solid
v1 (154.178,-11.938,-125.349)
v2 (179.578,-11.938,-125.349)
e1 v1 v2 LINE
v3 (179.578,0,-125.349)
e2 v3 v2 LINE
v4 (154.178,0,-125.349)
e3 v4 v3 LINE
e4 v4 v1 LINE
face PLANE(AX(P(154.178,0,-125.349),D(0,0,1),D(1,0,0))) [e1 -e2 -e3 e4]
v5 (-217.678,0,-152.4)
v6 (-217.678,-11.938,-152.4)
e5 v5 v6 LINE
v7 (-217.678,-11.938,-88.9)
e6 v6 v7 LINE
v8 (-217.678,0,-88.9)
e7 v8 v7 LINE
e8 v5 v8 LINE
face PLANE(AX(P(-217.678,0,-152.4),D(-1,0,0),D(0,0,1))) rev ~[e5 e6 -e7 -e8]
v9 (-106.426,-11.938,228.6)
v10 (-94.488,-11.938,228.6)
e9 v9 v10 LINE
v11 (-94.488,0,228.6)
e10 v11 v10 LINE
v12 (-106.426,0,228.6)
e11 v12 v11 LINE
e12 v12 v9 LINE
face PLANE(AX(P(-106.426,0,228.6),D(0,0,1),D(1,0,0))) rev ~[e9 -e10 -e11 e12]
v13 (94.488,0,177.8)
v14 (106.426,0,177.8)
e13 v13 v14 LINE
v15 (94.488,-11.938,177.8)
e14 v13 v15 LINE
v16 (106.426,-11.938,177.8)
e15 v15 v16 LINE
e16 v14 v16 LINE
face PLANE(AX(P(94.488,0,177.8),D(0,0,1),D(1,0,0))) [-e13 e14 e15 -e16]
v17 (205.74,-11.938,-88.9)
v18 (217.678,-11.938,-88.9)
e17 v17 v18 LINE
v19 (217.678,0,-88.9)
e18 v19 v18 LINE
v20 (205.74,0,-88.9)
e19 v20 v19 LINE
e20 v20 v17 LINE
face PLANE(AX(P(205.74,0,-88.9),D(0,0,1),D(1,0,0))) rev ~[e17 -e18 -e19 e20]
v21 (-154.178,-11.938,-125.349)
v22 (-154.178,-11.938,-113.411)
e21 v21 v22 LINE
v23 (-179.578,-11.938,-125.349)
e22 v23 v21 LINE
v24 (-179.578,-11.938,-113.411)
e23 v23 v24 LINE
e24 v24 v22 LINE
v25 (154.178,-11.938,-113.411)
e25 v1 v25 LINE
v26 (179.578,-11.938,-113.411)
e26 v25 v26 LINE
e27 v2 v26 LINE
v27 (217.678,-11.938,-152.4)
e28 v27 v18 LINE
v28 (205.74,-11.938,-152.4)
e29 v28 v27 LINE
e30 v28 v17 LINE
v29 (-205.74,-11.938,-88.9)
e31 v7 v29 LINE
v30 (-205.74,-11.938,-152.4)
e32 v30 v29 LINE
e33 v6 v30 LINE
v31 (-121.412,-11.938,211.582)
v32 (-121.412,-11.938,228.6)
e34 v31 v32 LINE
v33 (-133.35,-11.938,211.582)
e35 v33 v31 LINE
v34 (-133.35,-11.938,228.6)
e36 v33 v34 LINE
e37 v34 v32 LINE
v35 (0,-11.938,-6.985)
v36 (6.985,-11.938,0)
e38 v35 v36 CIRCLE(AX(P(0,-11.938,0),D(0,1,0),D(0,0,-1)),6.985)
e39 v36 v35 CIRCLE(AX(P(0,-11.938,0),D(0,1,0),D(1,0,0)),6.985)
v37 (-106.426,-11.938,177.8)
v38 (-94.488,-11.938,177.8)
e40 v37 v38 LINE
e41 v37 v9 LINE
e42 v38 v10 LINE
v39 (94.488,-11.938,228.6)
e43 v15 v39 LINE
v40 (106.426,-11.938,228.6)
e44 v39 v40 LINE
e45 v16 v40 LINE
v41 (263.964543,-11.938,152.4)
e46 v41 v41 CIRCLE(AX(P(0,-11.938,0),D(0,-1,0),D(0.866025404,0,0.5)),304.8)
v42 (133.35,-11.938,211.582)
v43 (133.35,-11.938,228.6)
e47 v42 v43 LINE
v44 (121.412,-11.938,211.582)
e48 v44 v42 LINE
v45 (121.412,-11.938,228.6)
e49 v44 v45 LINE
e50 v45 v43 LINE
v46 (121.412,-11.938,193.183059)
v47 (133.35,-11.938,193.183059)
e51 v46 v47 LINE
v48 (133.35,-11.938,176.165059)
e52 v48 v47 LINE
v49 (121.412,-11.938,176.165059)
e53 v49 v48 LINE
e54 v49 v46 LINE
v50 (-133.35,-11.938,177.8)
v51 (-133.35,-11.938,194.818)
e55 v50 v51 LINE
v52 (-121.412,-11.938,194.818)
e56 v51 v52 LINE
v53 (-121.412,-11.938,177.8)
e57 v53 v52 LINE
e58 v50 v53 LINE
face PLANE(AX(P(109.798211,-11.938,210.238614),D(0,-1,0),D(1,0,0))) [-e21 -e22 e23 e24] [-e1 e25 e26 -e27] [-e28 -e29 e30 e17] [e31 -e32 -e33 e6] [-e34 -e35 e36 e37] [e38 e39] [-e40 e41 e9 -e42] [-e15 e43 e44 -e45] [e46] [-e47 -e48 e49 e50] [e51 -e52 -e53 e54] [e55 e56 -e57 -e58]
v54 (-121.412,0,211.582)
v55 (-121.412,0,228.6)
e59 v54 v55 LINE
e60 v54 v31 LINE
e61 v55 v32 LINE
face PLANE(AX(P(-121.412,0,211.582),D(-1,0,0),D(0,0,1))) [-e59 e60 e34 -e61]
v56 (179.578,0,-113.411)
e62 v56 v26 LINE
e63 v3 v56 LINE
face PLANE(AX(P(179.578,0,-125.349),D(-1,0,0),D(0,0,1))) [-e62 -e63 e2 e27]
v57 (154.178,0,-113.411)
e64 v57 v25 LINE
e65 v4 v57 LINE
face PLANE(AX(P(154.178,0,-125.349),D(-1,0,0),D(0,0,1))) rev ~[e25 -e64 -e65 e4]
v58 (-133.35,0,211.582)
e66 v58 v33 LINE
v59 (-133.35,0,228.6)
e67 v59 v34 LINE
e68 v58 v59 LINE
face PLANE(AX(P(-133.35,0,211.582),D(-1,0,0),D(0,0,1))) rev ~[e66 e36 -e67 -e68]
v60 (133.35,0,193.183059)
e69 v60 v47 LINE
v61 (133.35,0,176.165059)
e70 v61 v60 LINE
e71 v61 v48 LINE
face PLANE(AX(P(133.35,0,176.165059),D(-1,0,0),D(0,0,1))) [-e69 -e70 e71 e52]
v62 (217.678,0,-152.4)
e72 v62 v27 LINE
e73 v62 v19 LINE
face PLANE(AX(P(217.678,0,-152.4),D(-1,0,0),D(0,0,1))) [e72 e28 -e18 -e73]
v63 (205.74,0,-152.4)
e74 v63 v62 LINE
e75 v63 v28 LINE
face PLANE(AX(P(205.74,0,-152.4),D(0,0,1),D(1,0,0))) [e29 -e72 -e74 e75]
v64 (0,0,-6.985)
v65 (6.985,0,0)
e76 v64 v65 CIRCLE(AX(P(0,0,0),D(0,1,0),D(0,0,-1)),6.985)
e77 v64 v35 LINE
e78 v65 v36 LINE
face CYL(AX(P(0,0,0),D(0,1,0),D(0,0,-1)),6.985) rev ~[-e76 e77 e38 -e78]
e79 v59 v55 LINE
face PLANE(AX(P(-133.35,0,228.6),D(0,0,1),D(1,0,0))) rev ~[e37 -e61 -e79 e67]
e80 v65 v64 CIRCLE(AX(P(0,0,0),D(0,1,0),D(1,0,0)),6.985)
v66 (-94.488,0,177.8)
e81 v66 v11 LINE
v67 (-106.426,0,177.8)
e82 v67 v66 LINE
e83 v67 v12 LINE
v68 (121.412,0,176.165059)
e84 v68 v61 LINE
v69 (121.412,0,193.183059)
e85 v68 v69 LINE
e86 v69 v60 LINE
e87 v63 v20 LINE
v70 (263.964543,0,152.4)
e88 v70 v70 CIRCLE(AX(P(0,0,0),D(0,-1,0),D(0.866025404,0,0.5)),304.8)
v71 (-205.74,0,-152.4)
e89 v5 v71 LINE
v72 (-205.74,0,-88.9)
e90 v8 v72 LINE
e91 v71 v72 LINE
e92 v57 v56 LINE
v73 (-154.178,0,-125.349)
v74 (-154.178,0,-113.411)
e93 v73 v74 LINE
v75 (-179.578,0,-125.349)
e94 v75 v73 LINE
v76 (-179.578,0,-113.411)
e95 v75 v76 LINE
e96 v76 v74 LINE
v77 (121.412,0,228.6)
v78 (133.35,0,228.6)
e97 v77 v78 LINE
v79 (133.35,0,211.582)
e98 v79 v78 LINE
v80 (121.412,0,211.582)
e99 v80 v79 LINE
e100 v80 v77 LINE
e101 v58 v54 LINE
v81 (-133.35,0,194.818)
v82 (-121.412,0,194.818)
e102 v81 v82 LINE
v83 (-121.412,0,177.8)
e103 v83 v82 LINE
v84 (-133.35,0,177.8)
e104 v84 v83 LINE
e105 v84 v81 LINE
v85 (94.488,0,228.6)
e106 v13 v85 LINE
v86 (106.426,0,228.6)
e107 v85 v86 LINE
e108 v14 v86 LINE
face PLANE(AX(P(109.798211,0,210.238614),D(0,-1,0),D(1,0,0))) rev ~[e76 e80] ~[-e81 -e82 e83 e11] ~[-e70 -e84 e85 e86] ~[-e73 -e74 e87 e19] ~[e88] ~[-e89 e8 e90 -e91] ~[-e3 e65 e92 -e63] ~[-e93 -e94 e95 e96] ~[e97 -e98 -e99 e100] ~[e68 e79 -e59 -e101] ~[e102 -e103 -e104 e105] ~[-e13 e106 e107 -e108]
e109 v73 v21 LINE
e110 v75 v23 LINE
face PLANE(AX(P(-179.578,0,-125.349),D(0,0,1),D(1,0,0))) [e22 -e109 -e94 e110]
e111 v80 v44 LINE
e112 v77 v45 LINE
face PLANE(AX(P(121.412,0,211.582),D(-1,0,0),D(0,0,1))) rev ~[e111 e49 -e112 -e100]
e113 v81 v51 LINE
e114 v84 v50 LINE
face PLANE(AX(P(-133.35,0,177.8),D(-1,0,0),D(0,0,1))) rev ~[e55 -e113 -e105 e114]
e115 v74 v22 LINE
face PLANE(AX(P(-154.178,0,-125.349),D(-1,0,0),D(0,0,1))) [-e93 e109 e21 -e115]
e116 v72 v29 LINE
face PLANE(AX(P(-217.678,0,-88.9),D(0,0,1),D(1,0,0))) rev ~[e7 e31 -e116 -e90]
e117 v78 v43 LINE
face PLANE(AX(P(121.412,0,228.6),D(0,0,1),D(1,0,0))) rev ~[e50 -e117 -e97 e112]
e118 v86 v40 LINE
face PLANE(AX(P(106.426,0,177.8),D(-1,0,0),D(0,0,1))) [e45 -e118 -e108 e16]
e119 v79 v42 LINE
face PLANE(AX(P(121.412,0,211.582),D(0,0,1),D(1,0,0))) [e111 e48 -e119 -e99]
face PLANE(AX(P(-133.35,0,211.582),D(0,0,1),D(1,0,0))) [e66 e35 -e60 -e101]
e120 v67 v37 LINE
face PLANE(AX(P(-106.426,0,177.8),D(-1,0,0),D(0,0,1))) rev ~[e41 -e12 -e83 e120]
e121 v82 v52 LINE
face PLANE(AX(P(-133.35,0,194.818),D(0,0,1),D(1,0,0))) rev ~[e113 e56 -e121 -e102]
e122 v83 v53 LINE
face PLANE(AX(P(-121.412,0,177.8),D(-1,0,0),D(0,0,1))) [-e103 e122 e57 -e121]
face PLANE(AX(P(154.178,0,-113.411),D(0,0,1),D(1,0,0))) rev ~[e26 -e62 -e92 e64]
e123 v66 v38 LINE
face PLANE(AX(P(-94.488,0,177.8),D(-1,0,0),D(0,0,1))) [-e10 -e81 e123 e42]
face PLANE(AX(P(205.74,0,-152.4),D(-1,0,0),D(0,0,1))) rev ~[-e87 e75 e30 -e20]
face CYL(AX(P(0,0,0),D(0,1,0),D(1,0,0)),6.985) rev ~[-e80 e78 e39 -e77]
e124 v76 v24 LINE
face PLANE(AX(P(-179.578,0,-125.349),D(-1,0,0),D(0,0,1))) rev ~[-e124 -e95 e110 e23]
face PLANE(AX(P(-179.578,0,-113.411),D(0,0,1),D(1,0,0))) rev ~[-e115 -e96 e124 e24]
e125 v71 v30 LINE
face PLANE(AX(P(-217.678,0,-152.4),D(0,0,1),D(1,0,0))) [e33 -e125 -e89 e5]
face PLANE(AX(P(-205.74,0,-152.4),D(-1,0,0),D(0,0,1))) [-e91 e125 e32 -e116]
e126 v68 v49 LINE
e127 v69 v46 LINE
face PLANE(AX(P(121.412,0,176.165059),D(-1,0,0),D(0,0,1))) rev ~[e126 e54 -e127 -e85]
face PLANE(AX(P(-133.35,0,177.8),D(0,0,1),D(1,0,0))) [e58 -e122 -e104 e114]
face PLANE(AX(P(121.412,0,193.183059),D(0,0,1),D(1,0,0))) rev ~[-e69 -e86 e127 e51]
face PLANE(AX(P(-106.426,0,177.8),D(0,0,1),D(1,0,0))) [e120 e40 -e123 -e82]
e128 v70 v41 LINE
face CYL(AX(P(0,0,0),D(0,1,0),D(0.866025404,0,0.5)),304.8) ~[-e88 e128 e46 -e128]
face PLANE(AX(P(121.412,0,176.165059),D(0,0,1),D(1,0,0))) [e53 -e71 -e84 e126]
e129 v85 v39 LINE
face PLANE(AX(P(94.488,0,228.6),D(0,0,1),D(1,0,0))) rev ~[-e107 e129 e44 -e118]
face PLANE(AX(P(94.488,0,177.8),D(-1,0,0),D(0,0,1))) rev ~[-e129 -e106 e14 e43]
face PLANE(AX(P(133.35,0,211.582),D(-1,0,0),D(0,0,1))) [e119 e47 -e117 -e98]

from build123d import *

# Parameters (mm, degrees)
F0_W     = 11.938
F0_H     = 17.018
F0_H_2   = 50.8
F0_H_3   = 63.5
F0_W_2   = 25.4
F0_H_4   = 11.938
F1_DEPTH = 11.938


with BuildPart() as f1:
    # F0 (on Front) → F1 (new body)
    with BuildSketch(Plane.XZ):
        with BuildLine():
            Line((0, 152.4), (263.9645430735, 152.4))
            ThreePointArc((263.9645430735, 152.4), (152.4, 263.9645430735), (0, 304.8))
            Line((0, 304.8), (0, 228.6))
            Line((0, 228.6), (0, 152.4))
        make_face()
        with Locations((127.381, 184.6740592089)):
            Rectangle(F0_W, F0_H, mode=Mode.SUBTRACT)
        with Locations((100.457, 203.2)):
            Rectangle(F0_W, F0_H_2, mode=Mode.SUBTRACT)
        with Locations((127.381, 220.091)):
            Rectangle(F0_W, F0_H, mode=Mode.SUBTRACT)
        with BuildLine():
            ThreePointArc((0, 304.8), (-152.4, 263.9645430735), (-263.9645430735, 152.4))
            Line((-263.9645430735, 152.4), (0, 152.4))
            Line((0, 152.4), (0, 228.6))
            Line((0, 228.6), (0, 304.8))
        make_face()
        with Locations((-127.381, 186.309)):
            Rectangle(F0_W, F0_H, mode=Mode.SUBTRACT)
        with Locations((-127.381, 220.091)):
            Rectangle(F0_W, F0_H, mode=Mode.SUBTRACT)
        with Locations((-100.457, 203.2)):
            Rectangle(F0_W, F0_H_2, mode=Mode.SUBTRACT)
        with BuildLine():
            ThreePointArc((-263.9645430735, 152.4), (-78.8880449472, -294.4141918529), (304.8, 0))
            ThreePointArc((304.8, 0), (294.4141918529, 78.8880449472), (263.9645430735, 152.4))
            Line((263.9645430735, 152.4), (0, 152.4))
            Line((0, 152.4), (-263.9645430735, 152.4))
        make_face()
        with Locations((-211.709, -120.65)):
            Rectangle(F0_W, F0_H_3, mode=Mode.SUBTRACT)
        with Locations((-166.878, -119.38)):
            Rectangle(F0_W_2, F0_H_4, mode=Mode.SUBTRACT)
        with Locations((166.878, -119.38)):
            Rectangle(F0_W_2, F0_H_4, mode=Mode.SUBTRACT)
        with Locations((211.709, -120.65)):
            Rectangle(F0_W, F0_H_3, mode=Mode.SUBTRACT)
        with BuildLine():
            ThreePointArc((0, -6.985), (-4.9391408666, 4.9391408666), (6.985, 0))
            ThreePointArc((6.985, 0), (4.9391408666, -4.9391408666), (0, -6.985))
        make_face(mode=Mode.SUBTRACT)
    extrude(amount=F1_DEPTH)


solid = f1.part
